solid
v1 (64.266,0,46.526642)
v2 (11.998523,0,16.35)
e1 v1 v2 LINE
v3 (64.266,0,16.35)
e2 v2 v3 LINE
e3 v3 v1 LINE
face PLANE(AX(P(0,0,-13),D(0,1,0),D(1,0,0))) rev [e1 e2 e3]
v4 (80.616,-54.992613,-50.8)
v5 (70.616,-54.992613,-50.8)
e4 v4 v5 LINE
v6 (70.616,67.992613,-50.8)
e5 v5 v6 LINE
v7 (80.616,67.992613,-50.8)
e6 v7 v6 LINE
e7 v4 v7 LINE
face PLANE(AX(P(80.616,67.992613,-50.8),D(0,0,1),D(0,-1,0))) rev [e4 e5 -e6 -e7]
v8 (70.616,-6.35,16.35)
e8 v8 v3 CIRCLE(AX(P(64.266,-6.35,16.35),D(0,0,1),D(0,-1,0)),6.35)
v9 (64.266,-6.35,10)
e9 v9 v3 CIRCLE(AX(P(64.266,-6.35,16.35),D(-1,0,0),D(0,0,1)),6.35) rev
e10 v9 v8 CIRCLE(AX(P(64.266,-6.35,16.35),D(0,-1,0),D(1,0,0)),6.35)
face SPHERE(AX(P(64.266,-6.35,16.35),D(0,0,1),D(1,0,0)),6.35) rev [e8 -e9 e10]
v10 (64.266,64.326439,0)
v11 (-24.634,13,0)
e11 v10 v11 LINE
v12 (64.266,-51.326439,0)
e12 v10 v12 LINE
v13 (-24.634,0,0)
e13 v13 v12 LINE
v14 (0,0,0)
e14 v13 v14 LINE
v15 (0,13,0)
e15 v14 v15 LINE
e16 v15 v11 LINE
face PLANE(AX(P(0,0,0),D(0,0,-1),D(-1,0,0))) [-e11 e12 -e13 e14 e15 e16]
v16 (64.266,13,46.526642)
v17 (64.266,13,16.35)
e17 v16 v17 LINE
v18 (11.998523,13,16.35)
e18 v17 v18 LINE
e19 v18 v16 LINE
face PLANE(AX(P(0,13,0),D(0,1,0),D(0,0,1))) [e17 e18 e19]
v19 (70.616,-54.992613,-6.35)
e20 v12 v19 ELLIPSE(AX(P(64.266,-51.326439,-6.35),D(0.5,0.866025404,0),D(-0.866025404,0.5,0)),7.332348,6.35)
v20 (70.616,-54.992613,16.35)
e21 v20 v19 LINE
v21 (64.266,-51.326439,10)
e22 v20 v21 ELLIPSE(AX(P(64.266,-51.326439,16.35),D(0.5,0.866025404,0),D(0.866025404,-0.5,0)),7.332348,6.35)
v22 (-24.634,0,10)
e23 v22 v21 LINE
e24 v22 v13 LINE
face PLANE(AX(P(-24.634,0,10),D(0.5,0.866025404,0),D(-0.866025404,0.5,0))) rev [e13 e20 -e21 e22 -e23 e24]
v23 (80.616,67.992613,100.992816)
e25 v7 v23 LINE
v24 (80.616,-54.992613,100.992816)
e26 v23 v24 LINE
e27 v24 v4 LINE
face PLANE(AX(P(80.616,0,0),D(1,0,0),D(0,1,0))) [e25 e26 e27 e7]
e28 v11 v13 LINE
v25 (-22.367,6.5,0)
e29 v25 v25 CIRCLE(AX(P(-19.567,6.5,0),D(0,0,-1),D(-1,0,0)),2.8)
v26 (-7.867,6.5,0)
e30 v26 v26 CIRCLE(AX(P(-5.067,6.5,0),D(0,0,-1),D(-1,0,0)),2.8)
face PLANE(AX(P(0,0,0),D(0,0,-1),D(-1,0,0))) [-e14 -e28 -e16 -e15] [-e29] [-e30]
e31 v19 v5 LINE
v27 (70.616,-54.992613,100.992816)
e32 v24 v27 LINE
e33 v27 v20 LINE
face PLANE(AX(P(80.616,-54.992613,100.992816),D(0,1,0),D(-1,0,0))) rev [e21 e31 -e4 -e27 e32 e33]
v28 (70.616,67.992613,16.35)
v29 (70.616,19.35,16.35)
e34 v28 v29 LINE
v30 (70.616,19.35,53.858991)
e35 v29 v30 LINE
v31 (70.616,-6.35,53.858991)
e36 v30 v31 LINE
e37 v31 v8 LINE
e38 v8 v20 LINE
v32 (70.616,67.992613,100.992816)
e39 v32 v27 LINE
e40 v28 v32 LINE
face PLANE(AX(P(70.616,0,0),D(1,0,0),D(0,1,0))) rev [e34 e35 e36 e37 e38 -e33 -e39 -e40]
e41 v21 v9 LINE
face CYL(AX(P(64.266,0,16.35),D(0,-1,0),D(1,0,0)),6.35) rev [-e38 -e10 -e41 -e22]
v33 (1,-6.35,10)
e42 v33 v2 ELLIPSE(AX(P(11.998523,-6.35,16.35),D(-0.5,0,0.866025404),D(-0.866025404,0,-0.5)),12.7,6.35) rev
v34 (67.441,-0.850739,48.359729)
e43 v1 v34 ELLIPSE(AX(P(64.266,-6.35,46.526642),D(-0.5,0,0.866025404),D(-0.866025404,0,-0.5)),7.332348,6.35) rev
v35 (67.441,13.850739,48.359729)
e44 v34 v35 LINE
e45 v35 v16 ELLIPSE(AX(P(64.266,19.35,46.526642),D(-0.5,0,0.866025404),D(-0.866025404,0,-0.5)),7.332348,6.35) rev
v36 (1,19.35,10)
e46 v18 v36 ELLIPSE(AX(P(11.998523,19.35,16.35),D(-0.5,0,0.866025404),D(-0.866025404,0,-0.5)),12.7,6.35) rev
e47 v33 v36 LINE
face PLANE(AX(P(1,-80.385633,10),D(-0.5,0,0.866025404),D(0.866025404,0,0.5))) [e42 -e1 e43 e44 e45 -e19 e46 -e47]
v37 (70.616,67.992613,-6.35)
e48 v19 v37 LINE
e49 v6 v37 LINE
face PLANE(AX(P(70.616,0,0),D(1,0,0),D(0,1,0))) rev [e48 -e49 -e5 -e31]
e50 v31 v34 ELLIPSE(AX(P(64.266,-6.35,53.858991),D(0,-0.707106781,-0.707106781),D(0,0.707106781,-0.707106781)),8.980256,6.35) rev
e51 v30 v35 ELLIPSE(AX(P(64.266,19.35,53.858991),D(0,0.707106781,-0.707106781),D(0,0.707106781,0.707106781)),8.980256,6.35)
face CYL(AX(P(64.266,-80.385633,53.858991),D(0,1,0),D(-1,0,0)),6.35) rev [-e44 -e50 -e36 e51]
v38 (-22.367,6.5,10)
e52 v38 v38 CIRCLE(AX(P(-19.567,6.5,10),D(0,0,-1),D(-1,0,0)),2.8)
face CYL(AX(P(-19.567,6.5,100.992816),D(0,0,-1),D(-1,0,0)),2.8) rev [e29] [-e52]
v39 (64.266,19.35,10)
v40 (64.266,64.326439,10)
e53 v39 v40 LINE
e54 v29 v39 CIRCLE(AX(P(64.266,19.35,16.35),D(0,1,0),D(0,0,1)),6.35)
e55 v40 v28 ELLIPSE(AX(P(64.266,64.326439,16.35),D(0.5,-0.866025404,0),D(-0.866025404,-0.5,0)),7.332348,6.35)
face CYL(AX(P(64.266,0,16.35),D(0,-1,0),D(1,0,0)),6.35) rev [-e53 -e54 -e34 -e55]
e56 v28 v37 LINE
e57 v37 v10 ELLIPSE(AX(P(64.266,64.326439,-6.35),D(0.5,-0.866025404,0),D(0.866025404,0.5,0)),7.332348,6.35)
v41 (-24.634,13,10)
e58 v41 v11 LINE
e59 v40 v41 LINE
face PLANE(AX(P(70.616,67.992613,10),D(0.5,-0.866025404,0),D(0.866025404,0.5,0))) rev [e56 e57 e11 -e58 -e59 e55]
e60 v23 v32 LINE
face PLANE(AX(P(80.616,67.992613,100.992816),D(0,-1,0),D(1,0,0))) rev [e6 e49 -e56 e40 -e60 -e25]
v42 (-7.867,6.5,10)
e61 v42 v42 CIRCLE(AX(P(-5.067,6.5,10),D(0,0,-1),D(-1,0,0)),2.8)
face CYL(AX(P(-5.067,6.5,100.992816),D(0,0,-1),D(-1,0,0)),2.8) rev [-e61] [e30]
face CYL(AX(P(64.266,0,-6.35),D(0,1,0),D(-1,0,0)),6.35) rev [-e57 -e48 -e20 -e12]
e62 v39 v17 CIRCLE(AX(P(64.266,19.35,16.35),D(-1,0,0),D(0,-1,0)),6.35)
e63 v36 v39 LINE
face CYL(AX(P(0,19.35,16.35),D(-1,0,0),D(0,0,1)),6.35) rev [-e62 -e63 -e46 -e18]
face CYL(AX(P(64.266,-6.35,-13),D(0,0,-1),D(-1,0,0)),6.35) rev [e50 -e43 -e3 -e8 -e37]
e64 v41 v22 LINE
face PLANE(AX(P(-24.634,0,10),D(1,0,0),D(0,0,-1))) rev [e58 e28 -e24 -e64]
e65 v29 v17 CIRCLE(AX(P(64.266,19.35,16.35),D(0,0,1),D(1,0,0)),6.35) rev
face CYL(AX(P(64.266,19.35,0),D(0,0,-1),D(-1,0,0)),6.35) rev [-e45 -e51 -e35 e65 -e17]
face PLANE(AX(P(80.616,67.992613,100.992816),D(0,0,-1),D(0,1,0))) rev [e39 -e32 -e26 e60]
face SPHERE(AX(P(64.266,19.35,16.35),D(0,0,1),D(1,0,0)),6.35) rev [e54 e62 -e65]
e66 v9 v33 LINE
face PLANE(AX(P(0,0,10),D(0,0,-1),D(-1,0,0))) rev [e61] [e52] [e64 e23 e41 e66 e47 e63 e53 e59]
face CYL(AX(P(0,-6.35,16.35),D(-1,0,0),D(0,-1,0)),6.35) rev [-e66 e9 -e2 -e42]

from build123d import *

# Parameters (mm, degrees)
BOSS_EXTRUDE1_DEPTH = 10
BOSS_EXTRUDE2_DEPTH = 13
SKETCH4_W           = 151.79281634
SKETCH4_H           = 122.98522628
BOSS_EXTRUDE3_DEPTH = 10
SKETCH5_R           = 2.8
CUT_EXTRUDE1_DEPTH  = 101.99281634
FILLET1_R           = 6.35


with BuildPart() as part:
    # Sketch1 → Boss-Extrude1 (new body)
    with BuildSketch(Plane.XY):
        Polygon((-24.634, 0), (-24.634, 13), (70.616, 67.99261314), (70.616, -54.99261314), align=None)
    extrude(amount=BOSS_EXTRUDE1_DEPTH)

    # Sketch3 → Boss-Extrude2 (add)
    with BuildSketch(Plane(origin=(0, 13, 0), x_dir=(1, 0, 0), z_dir=(0, 1, 0))):
        Polygon((70.616, -50.19281634), (70.616, -10), (1, -10), align=None)
    extrude(amount=-BOSS_EXTRUDE2_DEPTH)

    # Sketch4 → Boss-Extrude3 (add)
    with BuildSketch(Plane(origin=(70.616, 0, 0), x_dir=(0, 0, -1), z_dir=(1, 0, 0))):
        with Locations((-25.09640817, 6.5)):
            Rectangle(SKETCH4_W, SKETCH4_H)
    extrude(amount=BOSS_EXTRUDE3_DEPTH)

    # Sketch5 → Cut-Extrude1 (cut, through all)
    with BuildSketch(Plane(origin=(0, 0, 0), x_dir=(-1, 0, 0), z_dir=(0, 0, -1))):
        with Locations((5.067, 6.5)):
            Circle(SKETCH5_R)
        with Locations((19.567, 6.5)):
            Circle(SKETCH5_R)
    extrude(amount=-CUT_EXTRUDE1_DEPTH, mode=Mode.SUBTRACT)

    # Fillet1
    fillet1_edges = [part.edges().sort_by_distance(p)[0] for p in [
        (70.616, 40.49630657, 10),
        (70.616, 6.5, 50.19281634),
        (35.808, 13, 10),
        (70.616, 13, 30.09640817),
        (35.808, 0, 10),
        (70.616, 0, 30.09640817),
        (70.616, -27.49630657, 10),
        (70.616, 6.5, 0),
    ]]
    fillet(fillet1_edges, radius=FILLET1_R)


solid = part.part
